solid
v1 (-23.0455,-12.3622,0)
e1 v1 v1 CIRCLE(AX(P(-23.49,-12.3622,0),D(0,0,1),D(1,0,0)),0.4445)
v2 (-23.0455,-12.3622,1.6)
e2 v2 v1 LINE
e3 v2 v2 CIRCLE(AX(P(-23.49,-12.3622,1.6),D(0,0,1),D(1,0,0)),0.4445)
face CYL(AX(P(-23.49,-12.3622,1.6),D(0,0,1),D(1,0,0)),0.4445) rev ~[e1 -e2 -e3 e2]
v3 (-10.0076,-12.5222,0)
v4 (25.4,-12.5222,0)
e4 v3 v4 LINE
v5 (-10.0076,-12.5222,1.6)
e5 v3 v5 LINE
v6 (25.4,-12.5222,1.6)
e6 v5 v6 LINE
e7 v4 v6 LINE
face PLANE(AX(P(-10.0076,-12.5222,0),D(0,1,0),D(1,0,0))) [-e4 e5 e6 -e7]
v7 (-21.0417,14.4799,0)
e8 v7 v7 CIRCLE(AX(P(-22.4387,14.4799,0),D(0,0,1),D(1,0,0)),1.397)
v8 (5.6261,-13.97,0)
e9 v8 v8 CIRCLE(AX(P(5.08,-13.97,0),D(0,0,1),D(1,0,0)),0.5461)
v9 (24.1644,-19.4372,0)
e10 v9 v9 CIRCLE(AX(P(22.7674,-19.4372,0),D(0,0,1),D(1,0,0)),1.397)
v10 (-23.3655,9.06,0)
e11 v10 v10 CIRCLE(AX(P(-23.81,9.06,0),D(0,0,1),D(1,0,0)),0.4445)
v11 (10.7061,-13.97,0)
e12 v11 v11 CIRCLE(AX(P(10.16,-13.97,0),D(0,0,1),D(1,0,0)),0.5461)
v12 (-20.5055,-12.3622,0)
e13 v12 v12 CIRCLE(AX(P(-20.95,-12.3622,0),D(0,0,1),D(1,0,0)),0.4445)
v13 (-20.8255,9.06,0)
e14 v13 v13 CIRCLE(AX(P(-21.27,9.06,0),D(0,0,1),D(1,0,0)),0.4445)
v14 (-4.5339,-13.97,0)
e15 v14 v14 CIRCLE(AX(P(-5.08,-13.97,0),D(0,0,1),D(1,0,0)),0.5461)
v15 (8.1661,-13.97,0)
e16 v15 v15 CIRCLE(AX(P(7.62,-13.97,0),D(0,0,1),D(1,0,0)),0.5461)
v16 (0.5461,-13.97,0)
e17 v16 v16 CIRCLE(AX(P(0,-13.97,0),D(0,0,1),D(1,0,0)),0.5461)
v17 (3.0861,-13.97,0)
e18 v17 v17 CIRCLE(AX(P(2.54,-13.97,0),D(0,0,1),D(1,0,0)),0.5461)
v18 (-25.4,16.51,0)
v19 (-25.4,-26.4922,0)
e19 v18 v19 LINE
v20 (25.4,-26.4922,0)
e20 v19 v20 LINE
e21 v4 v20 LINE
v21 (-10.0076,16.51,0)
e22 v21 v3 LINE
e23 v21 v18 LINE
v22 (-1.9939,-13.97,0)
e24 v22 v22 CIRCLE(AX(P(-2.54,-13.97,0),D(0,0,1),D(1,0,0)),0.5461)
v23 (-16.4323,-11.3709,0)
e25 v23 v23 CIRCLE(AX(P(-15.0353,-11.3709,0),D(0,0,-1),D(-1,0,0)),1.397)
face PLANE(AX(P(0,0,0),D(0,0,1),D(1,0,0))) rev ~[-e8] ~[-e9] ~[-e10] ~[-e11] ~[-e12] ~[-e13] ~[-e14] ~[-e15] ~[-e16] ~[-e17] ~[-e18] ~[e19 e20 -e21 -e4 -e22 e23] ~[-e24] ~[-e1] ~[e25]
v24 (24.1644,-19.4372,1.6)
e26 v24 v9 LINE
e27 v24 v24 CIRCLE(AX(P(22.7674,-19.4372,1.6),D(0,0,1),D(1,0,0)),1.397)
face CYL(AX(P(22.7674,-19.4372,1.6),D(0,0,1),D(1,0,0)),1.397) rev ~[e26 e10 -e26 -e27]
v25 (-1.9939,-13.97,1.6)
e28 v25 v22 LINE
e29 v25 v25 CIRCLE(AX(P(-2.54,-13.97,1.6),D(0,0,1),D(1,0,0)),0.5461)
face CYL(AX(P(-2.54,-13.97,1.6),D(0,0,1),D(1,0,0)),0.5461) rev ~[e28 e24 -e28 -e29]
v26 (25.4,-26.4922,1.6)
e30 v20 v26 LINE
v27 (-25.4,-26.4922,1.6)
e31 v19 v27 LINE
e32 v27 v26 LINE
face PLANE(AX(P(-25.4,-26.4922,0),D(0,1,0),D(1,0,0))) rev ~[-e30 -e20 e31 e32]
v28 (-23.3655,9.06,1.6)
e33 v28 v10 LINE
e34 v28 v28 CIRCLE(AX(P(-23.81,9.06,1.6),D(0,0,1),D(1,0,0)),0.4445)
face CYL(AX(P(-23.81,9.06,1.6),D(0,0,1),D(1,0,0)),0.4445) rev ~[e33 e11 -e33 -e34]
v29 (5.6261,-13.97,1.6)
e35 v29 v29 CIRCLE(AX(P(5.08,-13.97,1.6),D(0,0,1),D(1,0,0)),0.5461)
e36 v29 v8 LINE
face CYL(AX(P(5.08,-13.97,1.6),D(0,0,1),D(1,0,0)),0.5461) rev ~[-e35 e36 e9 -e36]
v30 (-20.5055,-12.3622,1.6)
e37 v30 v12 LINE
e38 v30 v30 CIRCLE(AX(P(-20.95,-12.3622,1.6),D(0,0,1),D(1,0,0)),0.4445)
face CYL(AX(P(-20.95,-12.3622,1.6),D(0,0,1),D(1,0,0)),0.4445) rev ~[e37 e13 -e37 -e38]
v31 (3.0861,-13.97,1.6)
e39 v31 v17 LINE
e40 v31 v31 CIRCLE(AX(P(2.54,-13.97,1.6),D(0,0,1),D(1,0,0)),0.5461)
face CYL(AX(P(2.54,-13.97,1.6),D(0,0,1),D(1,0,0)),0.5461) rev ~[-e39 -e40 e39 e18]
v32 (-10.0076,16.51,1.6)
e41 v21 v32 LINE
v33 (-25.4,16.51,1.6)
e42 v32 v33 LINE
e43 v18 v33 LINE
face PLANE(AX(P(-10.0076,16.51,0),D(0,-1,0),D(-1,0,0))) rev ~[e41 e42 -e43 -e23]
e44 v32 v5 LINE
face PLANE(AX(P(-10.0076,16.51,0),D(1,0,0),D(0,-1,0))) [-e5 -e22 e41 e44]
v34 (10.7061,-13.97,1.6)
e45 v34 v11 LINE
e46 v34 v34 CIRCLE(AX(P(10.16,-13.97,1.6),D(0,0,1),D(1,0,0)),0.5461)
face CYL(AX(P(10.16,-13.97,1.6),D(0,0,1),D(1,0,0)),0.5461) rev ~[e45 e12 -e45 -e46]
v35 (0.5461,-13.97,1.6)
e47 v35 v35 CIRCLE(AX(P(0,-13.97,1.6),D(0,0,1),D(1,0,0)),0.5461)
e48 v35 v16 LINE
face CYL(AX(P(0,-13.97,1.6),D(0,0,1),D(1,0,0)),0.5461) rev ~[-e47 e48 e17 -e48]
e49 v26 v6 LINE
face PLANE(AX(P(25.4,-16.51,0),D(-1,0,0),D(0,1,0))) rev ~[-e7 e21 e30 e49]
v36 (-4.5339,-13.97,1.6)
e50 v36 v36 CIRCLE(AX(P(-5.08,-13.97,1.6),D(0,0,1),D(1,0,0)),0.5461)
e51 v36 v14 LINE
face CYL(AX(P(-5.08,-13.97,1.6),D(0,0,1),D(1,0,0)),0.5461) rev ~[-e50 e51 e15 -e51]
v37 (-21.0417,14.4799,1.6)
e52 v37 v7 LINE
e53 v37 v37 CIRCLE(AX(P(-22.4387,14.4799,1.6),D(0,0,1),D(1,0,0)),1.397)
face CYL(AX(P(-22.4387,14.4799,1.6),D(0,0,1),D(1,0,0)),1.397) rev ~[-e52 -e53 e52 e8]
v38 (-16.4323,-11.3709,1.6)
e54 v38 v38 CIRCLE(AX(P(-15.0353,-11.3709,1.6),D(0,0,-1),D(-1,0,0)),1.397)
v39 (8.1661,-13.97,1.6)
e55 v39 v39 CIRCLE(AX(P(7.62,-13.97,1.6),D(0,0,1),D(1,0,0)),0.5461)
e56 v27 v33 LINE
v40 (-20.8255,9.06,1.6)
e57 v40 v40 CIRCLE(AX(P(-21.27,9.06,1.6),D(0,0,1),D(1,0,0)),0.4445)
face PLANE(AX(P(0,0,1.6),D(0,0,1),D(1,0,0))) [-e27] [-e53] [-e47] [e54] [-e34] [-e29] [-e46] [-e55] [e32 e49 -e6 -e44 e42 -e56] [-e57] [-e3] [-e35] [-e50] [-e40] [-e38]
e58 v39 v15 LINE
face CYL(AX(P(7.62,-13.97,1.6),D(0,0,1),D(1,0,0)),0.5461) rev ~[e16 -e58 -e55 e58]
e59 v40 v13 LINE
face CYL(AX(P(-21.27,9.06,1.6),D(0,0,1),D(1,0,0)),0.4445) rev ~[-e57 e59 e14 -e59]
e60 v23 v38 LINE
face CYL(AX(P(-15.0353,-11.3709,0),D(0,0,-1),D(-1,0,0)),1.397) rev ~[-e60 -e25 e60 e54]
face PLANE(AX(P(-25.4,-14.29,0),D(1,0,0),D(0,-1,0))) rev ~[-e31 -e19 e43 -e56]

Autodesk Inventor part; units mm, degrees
ref_plane "YZ Plane" through (0, 0, 0) normal (1, 0, 0) x (0, 1, 0)
ref_plane "XZ Plane" through (0, 0, 0) normal (0, 1, 0) x (-1, 0, 0)
ref_plane "XY Plane" through (0, 0, 0) normal (0, 0, 1) x (1, 0, 0)
sketch "Sketch1" plane through (0, 0, 0) normal (0, 0, 1) x (1, 0, 0)
  line L0 (-25.4, -16.51) -> (25.4, -16.51) projected
  line L1 (25.4, -16.51) -> (25.4, 16.51) projected
  line L2 (25.4, 16.51) -> (-25.4, 16.51) projected
  line L3 (-25.4, 16.51) -> (-25.4, -10.64) projected
  line L4 (-10.0076, 16.51) -> (-10.0076, -12.5222)
  line L5 (-10.0076, -12.5222) -> (25.4, -12.5222)
  line L6 (-25.4, -16.51) -> (-25.4, -26.4922)
  line L7 (-25.4, -26.4922) -> (25.4, -26.4922)
  line L8 (25.4, -26.4922) -> (25.4, -16.51)
  circle A0 centre (-2.54, -13.97) radius 0.5461 projected
  circle A1 centre (2.54, -13.97) radius 0.5461 projected
  circle A2 centre (7.62, -13.97) radius 0.5461 projected
  circle A3 centre (-5.08, -7.62) radius 0.4445 projected
  circle A4 centre (0, -7.62) radius 0.4445 projected
  circle A5 centre (5.08, -7.62) radius 0.4445 projected
  circle A6 centre (10.16, -7.62) radius 0.4445 projected
  circle A7 centre (-5.08, 10.16) radius 0.4445 projected
  circle A8 centre (0, 10.16) radius 0.4445 projected
  circle A9 centre (5.08, 10.16) radius 0.4445 projected
  circle A10 centre (10.16, 10.16) radius 0.4445 projected
  circle A11 centre (12.7, 10.16) radius 0.4445 projected
  circle A12 centre (7.62, 10.16) radius 0.4445 projected
  circle A13 centre (2.54, 10.16) radius 0.4445 projected
  circle A14 centre (-2.54, 10.16) radius 0.4445 projected
  circle A15 centre (12.7, -7.62) radius 0.4445 projected
  circle A16 centre (7.62, -7.62) radius 0.4445 projected
  circle A17 centre (2.54, -7.62) radius 0.4445 projected
  circle A18 centre (-2.54, -7.62) radius 0.4445 projected
  circle A19 centre (10.16, -13.97) radius 0.5461 projected
  circle A20 centre (5.08, -13.97) radius 0.5461 projected
  circle A21 centre (0, -13.97) radius 0.5461 projected
  circle A22 centre (-5.08, -13.97) radius 0.5461 projected
  circle A23 centre (2.6924, -2.0574) radius 0.4445 projected
  circle A24 centre (-2.3876, -2.0574) radius 0.4445 projected
  circle A25 centre (-9.0424, 12.2174) radius 0.4445 projected
  circle A26 centre (-14.1224, 12.2174) radius 0.4445 projected
  circle A27 centre (-16.6624, 12.2174) radius 0.4445 projected
  circle A28 centre (-11.5824, 12.2174) radius 0.4445 projected
  circle A29 centre (-4.9276, -2.0574) radius 0.4445 projected
  circle A30 centre (0.1524, -2.0574) radius 0.4445 projected
  line L9 (-19.25, -14.29) -> (-25.4, -14.29) projected
  line L10 (-25.4, -14.29) -> (-25.4, -16.51) projected
  line L11 (-25.4, -10.64) -> (-19.25, -10.64) projected
  line L12 (-19.25, -10.64) -> (-19.25, -14.29) projected
  line L13 (-25.4, -14.29) -> (-25.4, -10.64)
  line L14 (-25.4, -10.64) -> (-19.25, -10.64)
  line L15 (-19.25, -10.64) -> (-19.25, -14.29)
  line L16 (-19.25, -14.29) -> (-25.4, -14.29)
  circle A31 centre (-23.81, 9.06) radius 0.4445 projected
  circle A32 centre (17.14, 9.37) radius 0.4445 projected
  circle A33 centre (19.68, 9.37) radius 0.4445 projected
  circle A34 centre (-21.27, 9.06) radius 0.4445 projected
  circle A35 centre (19.05, 13.97) radius 1.397 projected
  point P0 (0, 0)
  dimension "d0" = 29.0322
  dimension "d1" = 35.4076
  dimension "d2" = 15.3924
  dimension "d3" = 13.97
extrude "Extrusion1" add sketch "Sketch1" along normal blind 1.6 contours L10 L9 L12 L11 L3 L2 L4 L5 L1 L0 | L0 L8 L7 L6 | L13 L11 L12 L9 | A0 | A1 | A2 | A19 | A20 | A21 | A22 | A26 | A27 | A28 | A31 | A34
sketch "Sketch2" plane through (0, 0, 1.6) normal (0, 0, 1) x (1, 0, 0)
  circle A0 centre (10.16, -13.97) radius 0.5461
  circle A1 centre (7.62, -13.97) radius 0.5461
  circle A2 centre (5.08, -13.97) radius 0.5461
  circle A3 centre (2.54, -13.97) radius 0.5461
  circle A4 centre (0, -13.97) radius 0.5461
  circle A5 centre (-2.54, -13.97) radius 0.5461
  circle A6 centre (-5.08, -13.97) radius 0.5461
  point P0 (0, 0)
extrude "Extrusion2" cut sketch "Sketch2" against normal blind 1.6
sketch "Sketch3" plane through (0, 0, 1.6) normal (0, 0, 1) x (1, 0, 0)
  line L0 (-25.4, 16.51) -> (-25.4, -26.4922) construction
  line L1 (-25.4, 12.11) -> (-10.0076, 12.11) construction
  line L2 (-10.0076, -12.5222) -> (-10.0076, 16.51) construction
  line L3 (-10.0076, 16.51) -> (-25.4, 16.51) construction
  line L4 (25.4, -12.5222) -> (-10.0076, -12.5222) construction
  line L5 (20.07, -12.5222) -> (20.07, -26.4922) construction
  line L6 (-25.4, -26.4922) -> (25.4, -26.4922) construction
  line L7 (25.4, -26.4922) -> (25.4, -12.5222) construction
  point P0 (0, 0)
  dimension "d8" = 4.4
  dimension "d9" = 5.33
sketch "Sketch4" plane through (0, 0, 1.6) normal (0, 0, 1) x (1, 0, 0)
  circle A0 centre (-23.49, -12.3622) radius 0.4445
  circle A1 centre (-20.95, -12.3622) radius 0.4445
  line L0 (-25.4, 16.51) -> (-25.4, -26.4922) projected
  line L1 (-25.4, -26.4922) -> (25.4, -26.4922) projected
  point P0 (0, 0)
  dimension "d10" = 0.889
  dimension "d11" = 0.889
  dimension "d12" = 1.91
  dimension "d13" = 2.54
  dimension "d14" = 0
  dimension "d15" = 14.13
extrude "Extrusion3" cut sketch "Sketch4" against normal blind 25.4
sketch "Sketch5" plane through (0, 0, 1.6) normal (0, 0, 1) x (1, 0, 0)
  circle A0 centre (-23.81, 9.06) radius 0.4445 projected
  circle A1 centre (17.14, 9.37) radius 0.4445 projected
  circle A2 centre (19.68, 9.37) radius 0.4445 projected
  circle A3 centre (-21.27, 9.06) radius 0.4445 projected
  line L0 (-25.4, -14.29) -> (-19.25, -14.29) projected
  line L1 (-19.25, -14.29) -> (-19.25, -10.64) projected
  line L2 (-19.25, -10.64) -> (-25.4, -10.64) projected
  line L3 (-25.4, 16.51) -> (-25.4, -10.64) projected
  line L4 (25.4, 16.51) -> (-25.4, 16.51) projected
  line L5 (25.4, -16.51) -> (25.4, 16.51) projected
  line L6 (-25.4, -16.51) -> (25.4, -16.51) projected
  line L7 (-25.4, -14.29) -> (-25.4, -16.51) projected
  circle A4 centre (-5.08, -13.97) radius 0.5461 projected
  circle A5 centre (0, -13.97) radius 0.5461 projected
  circle A6 centre (5.08, -13.97) radius 0.5461 projected
  circle A7 centre (10.16, -13.97) radius 0.5461 projected
  circle A8 centre (0.1524, -2.0574) radius 0.4445 projected
  circle A9 centre (-4.9276, -2.0574) radius 0.4445 projected
  circle A10 centre (-11.5824, 12.2174) radius 0.4445 projected
  circle A11 centre (-16.6624, 12.2174) radius 0.4445 projected
  circle A12 centre (-2.54, -7.62) radius 0.4445 projected
  circle A13 centre (2.54, -7.62) radius 0.4445 projected
  circle A14 centre (7.62, -7.62) radius 0.4445 projected
  circle A15 centre (12.7, -7.62) radius 0.4445 projected
  circle A16 centre (-2.54, 10.16) radius 0.4445 projected
  circle A17 centre (2.54, 10.16) radius 0.4445 projected
  circle A18 centre (7.62, 10.16) radius 0.4445 projected
  circle A19 centre (12.7, 10.16) radius 0.4445 projected
  circle A20 centre (10.16, 10.16) radius 0.4445 projected
  circle A21 centre (5.08, 10.16) radius 0.4445 projected
  circle A22 centre (0, 10.16) radius 0.4445 projected
  circle A23 centre (-5.08, 10.16) radius 0.4445 projected
  circle A24 centre (10.16, -7.62) radius 0.4445 projected
  circle A25 centre (5.08, -7.62) radius 0.4445 projected
  circle A26 centre (0, -7.62) radius 0.4445 projected
  circle A27 centre (-5.08, -7.62) radius 0.4445 projected
  circle A28 centre (-14.1224, 12.2174) radius 0.4445 projected
  circle A29 centre (-9.0424, 12.2174) radius 0.4445 projected
  circle A30 centre (-2.3876, -2.0574) radius 0.4445 projected
  circle A31 centre (2.6924, -2.0574) radius 0.4445 projected
  circle A32 centre (7.62, -13.97) radius 0.5461 projected
  circle A33 centre (2.54, -13.97) radius 0.5461 projected
  circle A34 centre (-2.54, -13.97) radius 0.5461 projected
  circle A35 centre (19.05, 13.97) radius 1.397 projected
  point P0 (0, 0)
extrude "Extrusion4" cut sketch "Sketch5" against normal blind 25.4 contours A0 | A3
sketch "Sketch6" plane through (0, 0, 1.6) normal (0, 0, 1) x (1, 0, 0)
  circle A0 centre (22.7674, -19.4372) radius 1.397
  point P0 (0, 0)
  dimension "d20" = 2.794
extrude "Extrusion5" cut sketch "Sketch6" against normal blind 25.4
sketch "Sketch7" plane through (0, 0, 0) normal (0, 0, -1) x (-1, 0, 0)
  circle A0 centre (15.0353, -11.3709) radius 1.397
  line L0 (24.1179, -7.9159) -> (10.0987, -7.9159) projected
  point P0 (0, 0)
  dimension "d23" = 2.794
  dimension "d24" = 3.455
extrude "Extrusion6" cut sketch "Sketch7" against normal blind 25.4
sketch "Sketch8" plane through (0, 0, 1.6) normal (0, 0, 1) x (1, 0, 0)
  circle A0 centre (-22.4387, 14.4799) radius 1.397
  point P0 (0, 0)
  dimension "d27" = 2.794
extrude "Extrusion7" cut sketch "Sketch8" against normal blind 25.4
properties part number "Control Board"
